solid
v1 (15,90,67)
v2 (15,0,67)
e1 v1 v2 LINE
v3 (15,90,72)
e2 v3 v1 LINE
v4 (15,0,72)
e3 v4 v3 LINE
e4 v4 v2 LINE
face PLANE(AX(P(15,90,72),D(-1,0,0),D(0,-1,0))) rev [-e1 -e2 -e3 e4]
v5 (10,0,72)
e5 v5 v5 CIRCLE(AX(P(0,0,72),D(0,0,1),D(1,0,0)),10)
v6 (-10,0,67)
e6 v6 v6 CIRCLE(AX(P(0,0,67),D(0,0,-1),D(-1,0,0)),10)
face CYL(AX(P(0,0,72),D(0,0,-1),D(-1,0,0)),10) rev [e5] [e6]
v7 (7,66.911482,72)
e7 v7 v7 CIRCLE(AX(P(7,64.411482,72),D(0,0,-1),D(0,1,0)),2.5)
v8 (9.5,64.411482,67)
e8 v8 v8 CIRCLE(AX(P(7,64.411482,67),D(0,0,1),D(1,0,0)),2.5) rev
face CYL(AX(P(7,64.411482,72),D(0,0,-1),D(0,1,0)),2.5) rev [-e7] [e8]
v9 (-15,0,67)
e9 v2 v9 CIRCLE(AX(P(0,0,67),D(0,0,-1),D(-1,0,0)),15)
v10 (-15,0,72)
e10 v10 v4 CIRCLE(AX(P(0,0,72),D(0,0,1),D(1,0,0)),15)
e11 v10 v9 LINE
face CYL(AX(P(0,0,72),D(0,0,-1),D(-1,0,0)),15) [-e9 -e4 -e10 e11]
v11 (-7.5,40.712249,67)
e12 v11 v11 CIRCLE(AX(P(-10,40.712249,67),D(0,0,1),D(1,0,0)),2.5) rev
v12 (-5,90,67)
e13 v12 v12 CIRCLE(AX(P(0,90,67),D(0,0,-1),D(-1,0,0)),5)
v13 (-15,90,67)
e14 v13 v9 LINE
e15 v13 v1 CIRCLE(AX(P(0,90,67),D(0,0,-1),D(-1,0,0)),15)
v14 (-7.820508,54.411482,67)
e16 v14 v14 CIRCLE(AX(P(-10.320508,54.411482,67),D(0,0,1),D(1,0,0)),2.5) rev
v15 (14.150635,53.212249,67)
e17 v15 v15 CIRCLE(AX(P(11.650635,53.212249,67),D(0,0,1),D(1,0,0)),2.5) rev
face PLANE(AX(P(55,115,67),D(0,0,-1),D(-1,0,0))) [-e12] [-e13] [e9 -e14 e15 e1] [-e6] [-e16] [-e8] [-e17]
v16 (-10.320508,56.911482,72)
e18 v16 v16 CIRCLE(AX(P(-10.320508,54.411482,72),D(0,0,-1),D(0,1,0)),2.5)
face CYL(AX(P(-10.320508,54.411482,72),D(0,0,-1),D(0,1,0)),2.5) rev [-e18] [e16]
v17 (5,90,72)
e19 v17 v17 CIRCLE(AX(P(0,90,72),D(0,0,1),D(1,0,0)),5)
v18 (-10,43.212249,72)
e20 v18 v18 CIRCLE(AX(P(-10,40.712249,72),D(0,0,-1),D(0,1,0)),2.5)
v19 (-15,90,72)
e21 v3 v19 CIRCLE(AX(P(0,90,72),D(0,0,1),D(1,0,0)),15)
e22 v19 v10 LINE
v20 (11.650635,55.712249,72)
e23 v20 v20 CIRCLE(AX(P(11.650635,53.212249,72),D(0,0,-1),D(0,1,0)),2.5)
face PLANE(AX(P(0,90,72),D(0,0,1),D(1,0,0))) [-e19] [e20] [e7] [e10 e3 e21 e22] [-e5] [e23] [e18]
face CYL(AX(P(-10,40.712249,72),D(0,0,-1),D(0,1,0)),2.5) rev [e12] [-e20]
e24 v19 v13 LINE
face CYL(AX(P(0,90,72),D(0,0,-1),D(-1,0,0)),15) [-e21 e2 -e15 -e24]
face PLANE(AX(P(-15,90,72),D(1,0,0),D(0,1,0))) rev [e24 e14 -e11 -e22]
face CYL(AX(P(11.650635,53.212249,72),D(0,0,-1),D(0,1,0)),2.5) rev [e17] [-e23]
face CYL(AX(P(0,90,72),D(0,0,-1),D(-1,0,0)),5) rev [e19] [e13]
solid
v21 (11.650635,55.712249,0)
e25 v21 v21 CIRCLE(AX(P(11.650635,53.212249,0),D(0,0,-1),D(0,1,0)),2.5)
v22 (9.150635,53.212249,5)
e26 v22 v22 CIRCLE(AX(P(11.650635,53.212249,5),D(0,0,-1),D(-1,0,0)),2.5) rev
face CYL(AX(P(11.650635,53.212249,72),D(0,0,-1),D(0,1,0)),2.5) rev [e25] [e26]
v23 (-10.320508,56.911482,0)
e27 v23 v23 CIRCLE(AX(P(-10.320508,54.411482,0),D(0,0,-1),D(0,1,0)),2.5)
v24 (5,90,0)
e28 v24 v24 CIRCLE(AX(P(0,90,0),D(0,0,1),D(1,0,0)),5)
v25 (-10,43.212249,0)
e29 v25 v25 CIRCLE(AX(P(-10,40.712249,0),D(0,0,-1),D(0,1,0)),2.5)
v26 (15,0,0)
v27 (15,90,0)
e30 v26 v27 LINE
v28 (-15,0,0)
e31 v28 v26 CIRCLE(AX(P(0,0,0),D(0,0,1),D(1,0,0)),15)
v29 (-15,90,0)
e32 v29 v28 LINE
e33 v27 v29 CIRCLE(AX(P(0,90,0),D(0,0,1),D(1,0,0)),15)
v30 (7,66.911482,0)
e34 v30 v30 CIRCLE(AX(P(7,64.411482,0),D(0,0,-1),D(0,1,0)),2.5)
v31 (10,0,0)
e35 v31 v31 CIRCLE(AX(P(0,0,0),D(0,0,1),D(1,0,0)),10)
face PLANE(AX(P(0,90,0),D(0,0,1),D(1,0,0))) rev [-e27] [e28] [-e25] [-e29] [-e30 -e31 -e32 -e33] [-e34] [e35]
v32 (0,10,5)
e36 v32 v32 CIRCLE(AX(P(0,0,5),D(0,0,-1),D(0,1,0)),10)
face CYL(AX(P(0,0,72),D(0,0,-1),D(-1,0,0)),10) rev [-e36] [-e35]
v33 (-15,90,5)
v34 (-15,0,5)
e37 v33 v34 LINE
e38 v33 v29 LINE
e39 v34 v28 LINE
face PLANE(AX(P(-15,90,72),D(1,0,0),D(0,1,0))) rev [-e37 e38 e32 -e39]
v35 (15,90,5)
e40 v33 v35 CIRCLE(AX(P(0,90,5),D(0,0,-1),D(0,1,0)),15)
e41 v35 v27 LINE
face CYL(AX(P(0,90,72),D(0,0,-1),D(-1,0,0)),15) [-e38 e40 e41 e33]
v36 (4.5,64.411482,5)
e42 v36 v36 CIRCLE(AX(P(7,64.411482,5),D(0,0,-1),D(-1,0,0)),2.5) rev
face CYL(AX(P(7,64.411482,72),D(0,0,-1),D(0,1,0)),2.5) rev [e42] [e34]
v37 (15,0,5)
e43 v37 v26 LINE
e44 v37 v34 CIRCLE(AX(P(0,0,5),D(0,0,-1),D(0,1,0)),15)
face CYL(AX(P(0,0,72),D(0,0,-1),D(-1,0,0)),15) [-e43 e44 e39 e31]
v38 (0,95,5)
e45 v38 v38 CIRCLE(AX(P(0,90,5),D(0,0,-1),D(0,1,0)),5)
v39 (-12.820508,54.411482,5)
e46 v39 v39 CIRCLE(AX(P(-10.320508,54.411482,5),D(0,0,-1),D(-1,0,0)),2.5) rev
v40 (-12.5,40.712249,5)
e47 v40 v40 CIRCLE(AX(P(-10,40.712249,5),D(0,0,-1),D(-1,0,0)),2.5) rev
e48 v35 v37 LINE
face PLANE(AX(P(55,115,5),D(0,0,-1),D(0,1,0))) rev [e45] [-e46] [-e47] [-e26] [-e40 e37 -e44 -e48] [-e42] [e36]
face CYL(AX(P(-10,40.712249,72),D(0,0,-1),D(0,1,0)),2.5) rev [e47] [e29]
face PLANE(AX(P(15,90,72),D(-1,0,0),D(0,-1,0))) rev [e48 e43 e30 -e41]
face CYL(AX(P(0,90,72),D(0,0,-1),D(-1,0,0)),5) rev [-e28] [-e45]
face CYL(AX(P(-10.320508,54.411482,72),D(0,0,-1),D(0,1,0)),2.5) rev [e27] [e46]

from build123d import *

# Parameters (mm, degrees)
SKETCH_1_R               = 10
SKETCH_1_R_2             = 5
EXTRUDE_1_DEPTH          = 72
SKETCH_2_W               = 62
SKETCH_2_H               = 70
SKETCH_2_H_2             = 67.94057246
CUT_EXTRUDE_1_DEPTH      = 70
EXTRUDE_2_DEPTH          = 62
EXTRUDE_3_DEPTH          = 62
CUT_EXTRUDE_3_DEPTH      = 130.811063026
CUT_EXTRUDE_3_DEPTH_BACK = 130.811063026
SKETCH_6_R               = 2.5
CUT_EXTRUDE_4_DEPTH      = 136.359998088
CUT_EXTRUDE_4_DEPTH_BACK = 136.359998088
SKETCH_7_W               = 62
SKETCH_7_H               = 120


with BuildPart() as part:
    # 草图1 → 凸台-拉伸1 (new body)
    with BuildSketch(Plane.XY):
        with BuildLine():
            Line((-15, 90), (-15, 0))
            ThreePointArc((-15, 0), (0, -15), (15, 0))
            Line((15, 0), (15, 90))
            ThreePointArc((15, 90), (0, 105), (-15, 90))
        make_face()
        Circle(SKETCH_1_R, mode=Mode.SUBTRACT)
        with Locations((0, 90)):
            Circle(SKETCH_1_R_2, mode=Mode.SUBTRACT)
    extrude(amount=EXTRUDE_1_DEPTH)

    # 草图2 → 切除-拉伸1 (cut)
    with BuildSketch(Plane.ZY.offset(15)):
        with Locations((36, 80)):
            Rectangle(SKETCH_2_W, SKETCH_2_H)
        with Locations((36, 11.02971377)):
            Rectangle(SKETCH_2_W, SKETCH_2_H_2)
    extrude(amount=-CUT_EXTRUDE_1_DEPTH, mode=Mode.SUBTRACT)


with BuildPart() as cut_extrude_1_piece_1:
    # of the separate pieces the step leaves, piece 1, a body of its own (cut_extrude_1_pieces)
    add(part.part.solids().sort_by_distance((15, 0, 0))[0])



with BuildPart() as cut_extrude_1_piece_2:
    # of the separate pieces the step leaves, piece 2, a body of its own (cut_extrude_1_pieces)
    add(part.part.solids().sort_by_distance((15, 0, 67))[0])


with BuildPart() as cut_extrude_1_piece_1_1:
    add(cut_extrude_1_piece_1.part)

    add(cut_extrude_1_piece_2.part)  # 凸台-拉伸2 merges 切除-拉伸1 piece 2
    # 草图4 → 凸台-拉伸2 (add)
    with BuildSketch(Plane(origin=(0, 0, 67), x_dir=(-1, 0, 0), z_dir=(0, 0, -1))):
        with BuildLine():
            Line((-4.490156776, 68.758657712), (15, 57.50601045))
            Line((15, 57.50601045), (36.319312502, 12.911360415))
            ThreePointArc((36.319312502, 12.911360415), (35.142094618, 9.577570071), (31.808304274, 10.754787955))
            Line((31.808304274, 10.754787955), (15, 45.913541163))
            Line((15, 45.913541163), (-9.509843224, 60.064305746))
            ThreePointArc((-9.509843224, 60.064305746), (-11.347175983, 66.921324953), (-4.490156776, 68.758657712))
        make_face()
    extrude(amount=EXTRUDE_2_DEPTH)

    # 草图5 → 凸台-拉伸3 (add)
    with BuildSketch(Plane(origin=(0, 0, 67), x_dir=(-1, 0, 0), z_dir=(0, 0, -1))):
        with BuildLine():
            Line((-30.017605928, 49.094069219), (-15, 60.919508718))
            Line((-15, 60.919508718), (12.5, 45.042376315))
            ThreePointArc((12.5, 45.042376315), (14.330127019, 38.212249296), (7.5, 36.382122277))
            Line((7.5, 36.382122277), (-15, 49.372503334))
            Line((-15, 49.372503334), (-27.615908762, 44.780688066))
            ThreePointArc((-27.615908762, 44.780688066), (-30.655195979, 45.913733224), (-30.017605928, 49.094069219))
        make_face()
    extrude(amount=EXTRUDE_3_DEPTH)

    # 草图6 → 切除-拉伸3 (cut, two sides: drawn at the far end of the back side and taken through both)
    with BuildSketch(Plane(origin=(0, 0, 67), x_dir=(-1, 0, 0), z_dir=(0, 0, -1)).offset(-CUT_EXTRUDE_3_DEPTH_BACK)):
        with Locations(Location((-7, 64.411481729, 0), (0, 0, 90))):
            Circle(SKETCH_6_R)
        with Locations(Location((-11.650635095, 53.212249296, 0), (0, 0, 90))):
            Circle(SKETCH_6_R)
        with Locations(Location((10, 40.712249296, 0), (0, 0, 90))):
            Circle(SKETCH_6_R)
        with Locations(Location((10.320508076, 54.411481729, 0), (0, 0, 90))):
            Circle(SKETCH_6_R)
    extrude(amount=CUT_EXTRUDE_3_DEPTH + CUT_EXTRUDE_3_DEPTH_BACK, mode=Mode.SUBTRACT)

    # 草图7 → 切除-拉伸4 (cut, two sides: drawn at the far end of the back side and taken through both)
    with BuildSketch(Plane.ZY.offset(15).offset(-CUT_EXTRUDE_4_DEPTH_BACK)):
        with Locations((36, 45)):
            Rectangle(SKETCH_7_W, SKETCH_7_H)
    extrude(amount=CUT_EXTRUDE_4_DEPTH + CUT_EXTRUDE_4_DEPTH_BACK, mode=Mode.SUBTRACT)


with BuildPart() as cut_extrude_4_piece_1:
    # of the separate pieces the step leaves, piece 1, a body of its own (cut_extrude_4_pieces)
    add(cut_extrude_1_piece_1_1.part.solids().sort_by_distance((-15, 90, 5))[0])


with BuildPart() as cut_extrude_4_piece_2:
    # of the separate pieces the step leaves, piece 2, a body of its own (cut_extrude_4_pieces)
    add(cut_extrude_1_piece_1_1.part.solids().sort_by_distance((15, 0, 67))[0])


solid = Compound([cut_extrude_4_piece_1.part, cut_extrude_4_piece_2.part])
